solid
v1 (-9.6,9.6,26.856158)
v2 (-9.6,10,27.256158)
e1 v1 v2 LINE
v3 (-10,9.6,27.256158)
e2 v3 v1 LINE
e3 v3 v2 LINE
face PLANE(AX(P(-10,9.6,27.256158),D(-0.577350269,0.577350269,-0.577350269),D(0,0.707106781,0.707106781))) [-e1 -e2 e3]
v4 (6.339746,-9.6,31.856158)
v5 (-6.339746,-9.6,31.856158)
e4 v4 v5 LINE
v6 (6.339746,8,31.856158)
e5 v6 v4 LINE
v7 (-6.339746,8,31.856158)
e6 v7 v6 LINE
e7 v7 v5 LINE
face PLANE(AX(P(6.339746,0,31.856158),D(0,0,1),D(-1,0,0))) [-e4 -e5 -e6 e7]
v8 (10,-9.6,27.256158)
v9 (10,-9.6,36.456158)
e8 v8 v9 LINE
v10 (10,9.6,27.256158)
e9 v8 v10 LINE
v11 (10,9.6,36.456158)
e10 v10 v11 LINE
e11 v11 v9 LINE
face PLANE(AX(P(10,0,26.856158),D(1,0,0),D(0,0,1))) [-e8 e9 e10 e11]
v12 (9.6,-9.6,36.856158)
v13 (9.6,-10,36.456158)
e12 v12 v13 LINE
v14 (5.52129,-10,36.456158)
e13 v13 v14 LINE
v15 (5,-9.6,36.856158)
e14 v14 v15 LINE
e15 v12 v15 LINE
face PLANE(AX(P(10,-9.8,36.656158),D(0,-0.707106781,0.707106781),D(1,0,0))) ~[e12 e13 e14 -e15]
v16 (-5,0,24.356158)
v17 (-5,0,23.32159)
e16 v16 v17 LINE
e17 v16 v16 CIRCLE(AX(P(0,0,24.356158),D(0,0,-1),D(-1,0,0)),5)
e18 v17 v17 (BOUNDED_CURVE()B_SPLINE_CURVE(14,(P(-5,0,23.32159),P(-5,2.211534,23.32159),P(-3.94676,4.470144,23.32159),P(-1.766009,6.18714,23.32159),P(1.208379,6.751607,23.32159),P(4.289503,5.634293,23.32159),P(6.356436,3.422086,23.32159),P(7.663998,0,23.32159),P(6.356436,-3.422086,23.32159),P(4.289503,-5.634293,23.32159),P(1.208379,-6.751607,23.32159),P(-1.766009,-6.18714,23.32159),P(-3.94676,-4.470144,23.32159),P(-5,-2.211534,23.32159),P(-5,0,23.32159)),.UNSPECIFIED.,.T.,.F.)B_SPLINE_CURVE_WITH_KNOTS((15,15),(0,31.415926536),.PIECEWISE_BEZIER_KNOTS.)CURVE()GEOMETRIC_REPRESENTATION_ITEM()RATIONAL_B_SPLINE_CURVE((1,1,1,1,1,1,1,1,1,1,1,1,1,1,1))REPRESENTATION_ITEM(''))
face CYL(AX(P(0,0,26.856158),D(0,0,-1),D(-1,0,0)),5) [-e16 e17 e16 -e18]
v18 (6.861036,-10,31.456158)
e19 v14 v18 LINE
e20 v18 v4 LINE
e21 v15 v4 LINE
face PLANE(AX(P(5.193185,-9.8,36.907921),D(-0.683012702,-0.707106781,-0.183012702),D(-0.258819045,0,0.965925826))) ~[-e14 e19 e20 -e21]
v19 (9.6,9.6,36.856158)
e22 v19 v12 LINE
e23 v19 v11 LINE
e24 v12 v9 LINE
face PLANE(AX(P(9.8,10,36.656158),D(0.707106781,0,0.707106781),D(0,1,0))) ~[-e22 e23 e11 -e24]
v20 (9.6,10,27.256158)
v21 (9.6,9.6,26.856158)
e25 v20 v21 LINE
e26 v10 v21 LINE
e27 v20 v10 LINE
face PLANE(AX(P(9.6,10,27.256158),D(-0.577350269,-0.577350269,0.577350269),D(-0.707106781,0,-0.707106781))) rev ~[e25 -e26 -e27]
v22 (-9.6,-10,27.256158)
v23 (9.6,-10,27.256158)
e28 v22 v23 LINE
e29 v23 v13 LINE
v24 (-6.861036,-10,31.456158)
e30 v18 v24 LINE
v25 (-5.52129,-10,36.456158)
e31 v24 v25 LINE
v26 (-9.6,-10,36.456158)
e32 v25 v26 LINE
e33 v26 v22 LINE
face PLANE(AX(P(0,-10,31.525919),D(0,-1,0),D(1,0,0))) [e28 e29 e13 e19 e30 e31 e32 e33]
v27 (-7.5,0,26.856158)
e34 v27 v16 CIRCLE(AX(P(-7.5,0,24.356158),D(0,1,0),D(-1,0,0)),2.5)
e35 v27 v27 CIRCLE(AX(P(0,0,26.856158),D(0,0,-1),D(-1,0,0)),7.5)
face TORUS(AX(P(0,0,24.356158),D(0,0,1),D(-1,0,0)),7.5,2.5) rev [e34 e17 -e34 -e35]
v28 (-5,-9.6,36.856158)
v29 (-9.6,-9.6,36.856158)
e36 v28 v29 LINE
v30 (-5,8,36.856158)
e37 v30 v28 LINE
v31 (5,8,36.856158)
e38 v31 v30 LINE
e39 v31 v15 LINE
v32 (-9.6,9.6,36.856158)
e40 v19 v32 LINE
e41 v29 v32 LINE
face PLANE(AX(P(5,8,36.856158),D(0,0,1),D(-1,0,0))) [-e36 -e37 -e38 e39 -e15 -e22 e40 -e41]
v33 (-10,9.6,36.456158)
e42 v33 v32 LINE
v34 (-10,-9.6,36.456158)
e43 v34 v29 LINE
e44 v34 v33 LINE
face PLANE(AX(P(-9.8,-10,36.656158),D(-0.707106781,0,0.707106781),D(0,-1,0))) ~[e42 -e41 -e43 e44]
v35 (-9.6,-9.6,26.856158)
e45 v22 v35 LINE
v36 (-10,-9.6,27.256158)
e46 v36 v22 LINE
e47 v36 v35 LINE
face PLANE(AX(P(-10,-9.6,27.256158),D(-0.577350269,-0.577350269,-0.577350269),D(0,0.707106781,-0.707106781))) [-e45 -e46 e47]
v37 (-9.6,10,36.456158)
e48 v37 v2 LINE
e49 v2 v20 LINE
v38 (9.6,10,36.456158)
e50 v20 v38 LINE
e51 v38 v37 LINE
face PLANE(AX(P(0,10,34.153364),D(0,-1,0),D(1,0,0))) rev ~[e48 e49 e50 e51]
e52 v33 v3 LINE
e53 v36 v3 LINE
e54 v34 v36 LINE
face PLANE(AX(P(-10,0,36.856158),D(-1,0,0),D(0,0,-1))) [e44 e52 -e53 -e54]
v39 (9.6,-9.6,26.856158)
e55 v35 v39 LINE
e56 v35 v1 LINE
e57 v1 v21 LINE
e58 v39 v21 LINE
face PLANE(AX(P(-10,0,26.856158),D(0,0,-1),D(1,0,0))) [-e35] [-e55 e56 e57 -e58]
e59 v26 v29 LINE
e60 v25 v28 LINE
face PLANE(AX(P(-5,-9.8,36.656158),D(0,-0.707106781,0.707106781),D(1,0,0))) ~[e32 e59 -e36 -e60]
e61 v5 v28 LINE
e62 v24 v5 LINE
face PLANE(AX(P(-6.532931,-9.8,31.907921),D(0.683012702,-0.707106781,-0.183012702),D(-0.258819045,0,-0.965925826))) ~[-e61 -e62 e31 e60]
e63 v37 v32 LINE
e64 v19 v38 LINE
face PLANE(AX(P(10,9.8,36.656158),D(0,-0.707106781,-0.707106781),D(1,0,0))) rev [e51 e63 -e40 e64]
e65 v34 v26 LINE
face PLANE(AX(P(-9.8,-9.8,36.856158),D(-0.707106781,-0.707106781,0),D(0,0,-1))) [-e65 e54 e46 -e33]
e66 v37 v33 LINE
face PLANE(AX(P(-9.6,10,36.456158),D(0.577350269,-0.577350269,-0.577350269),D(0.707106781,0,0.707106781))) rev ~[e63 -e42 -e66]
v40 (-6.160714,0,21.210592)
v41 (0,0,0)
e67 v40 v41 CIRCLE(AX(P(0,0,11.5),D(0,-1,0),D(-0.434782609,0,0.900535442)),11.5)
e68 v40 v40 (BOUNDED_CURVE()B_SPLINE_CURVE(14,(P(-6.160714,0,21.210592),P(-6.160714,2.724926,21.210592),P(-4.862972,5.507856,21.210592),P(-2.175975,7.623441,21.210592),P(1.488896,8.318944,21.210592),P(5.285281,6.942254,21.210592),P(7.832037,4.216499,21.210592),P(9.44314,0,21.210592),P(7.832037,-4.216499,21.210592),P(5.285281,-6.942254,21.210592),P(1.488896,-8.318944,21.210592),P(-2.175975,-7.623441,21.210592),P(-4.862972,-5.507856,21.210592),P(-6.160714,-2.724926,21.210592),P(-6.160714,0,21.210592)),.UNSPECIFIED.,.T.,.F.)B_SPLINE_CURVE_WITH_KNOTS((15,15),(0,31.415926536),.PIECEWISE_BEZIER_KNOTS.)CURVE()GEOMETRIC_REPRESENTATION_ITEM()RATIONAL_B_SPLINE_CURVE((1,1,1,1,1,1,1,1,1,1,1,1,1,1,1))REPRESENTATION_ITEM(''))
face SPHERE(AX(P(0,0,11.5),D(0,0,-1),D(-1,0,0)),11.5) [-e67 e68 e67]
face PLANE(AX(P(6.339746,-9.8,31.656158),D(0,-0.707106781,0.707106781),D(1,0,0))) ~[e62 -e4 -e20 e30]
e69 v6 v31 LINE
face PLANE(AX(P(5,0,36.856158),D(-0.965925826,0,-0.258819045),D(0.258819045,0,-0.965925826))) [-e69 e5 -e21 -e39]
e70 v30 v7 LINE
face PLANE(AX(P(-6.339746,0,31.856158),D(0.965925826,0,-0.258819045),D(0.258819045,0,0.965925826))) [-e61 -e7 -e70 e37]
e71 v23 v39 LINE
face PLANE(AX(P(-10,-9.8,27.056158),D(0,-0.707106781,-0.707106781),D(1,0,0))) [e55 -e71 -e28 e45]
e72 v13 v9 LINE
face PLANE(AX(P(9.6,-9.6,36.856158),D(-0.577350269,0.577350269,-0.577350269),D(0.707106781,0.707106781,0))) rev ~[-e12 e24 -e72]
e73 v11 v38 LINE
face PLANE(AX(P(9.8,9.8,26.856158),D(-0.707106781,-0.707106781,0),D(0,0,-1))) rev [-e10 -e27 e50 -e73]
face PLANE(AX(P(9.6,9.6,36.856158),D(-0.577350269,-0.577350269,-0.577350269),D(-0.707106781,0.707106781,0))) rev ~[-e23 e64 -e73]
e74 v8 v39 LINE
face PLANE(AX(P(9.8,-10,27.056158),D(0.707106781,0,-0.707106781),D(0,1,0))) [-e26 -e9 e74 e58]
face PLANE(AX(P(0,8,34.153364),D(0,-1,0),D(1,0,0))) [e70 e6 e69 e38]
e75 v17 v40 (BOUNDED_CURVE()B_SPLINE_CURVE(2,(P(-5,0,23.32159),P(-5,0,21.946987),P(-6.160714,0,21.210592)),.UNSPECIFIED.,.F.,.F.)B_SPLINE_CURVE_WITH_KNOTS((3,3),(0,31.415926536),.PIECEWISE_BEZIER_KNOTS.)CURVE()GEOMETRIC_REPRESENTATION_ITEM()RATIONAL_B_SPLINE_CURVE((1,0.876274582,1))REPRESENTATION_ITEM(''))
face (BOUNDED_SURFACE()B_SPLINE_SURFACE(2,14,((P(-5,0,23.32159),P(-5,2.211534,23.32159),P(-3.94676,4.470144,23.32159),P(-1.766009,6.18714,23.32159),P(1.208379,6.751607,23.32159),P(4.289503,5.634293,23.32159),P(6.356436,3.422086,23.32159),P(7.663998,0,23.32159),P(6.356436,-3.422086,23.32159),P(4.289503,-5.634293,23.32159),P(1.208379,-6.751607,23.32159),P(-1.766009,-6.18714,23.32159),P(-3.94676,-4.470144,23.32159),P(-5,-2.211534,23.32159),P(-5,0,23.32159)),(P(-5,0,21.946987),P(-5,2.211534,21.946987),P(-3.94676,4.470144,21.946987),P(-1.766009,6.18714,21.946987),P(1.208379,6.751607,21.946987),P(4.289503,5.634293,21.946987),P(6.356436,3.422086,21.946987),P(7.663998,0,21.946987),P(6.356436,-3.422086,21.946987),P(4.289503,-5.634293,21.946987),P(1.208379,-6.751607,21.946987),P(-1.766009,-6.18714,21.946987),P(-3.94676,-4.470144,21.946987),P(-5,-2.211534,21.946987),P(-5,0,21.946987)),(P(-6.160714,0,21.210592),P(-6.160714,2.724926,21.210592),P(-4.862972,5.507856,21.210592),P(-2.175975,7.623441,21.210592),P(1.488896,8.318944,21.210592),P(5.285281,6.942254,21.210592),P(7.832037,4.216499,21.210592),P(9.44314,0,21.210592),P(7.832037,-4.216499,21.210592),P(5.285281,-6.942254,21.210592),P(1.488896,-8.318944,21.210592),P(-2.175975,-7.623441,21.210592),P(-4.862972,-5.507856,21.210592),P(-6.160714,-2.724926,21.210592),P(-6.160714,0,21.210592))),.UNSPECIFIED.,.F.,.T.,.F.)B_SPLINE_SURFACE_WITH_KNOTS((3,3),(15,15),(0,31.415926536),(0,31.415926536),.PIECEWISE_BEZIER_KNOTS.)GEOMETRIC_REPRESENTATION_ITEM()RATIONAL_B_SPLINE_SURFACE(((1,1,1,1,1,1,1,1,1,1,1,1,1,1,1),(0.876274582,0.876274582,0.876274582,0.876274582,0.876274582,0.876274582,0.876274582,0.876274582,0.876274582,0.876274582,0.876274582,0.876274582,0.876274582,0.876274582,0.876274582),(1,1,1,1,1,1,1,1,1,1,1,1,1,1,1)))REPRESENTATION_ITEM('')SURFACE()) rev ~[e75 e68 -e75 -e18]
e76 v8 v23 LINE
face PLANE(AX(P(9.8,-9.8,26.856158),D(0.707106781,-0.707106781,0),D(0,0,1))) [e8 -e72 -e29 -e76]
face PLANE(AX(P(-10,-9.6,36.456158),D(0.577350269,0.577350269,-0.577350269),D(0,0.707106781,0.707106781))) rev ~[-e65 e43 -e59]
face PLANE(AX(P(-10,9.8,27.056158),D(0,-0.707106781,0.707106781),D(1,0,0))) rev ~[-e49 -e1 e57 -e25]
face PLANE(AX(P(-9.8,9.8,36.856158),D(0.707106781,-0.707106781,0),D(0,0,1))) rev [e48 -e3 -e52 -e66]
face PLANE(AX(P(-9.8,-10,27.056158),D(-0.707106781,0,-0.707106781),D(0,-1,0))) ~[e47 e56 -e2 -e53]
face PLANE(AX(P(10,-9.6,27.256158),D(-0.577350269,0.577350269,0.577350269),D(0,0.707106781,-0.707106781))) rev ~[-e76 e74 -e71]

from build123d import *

# Parameters (mm, degrees)
F6_DEPTH = 10
F7_START = -8
F7_DEPTH = 2
F9_R     = 2.5
F8_SIZE  = 0.4


with BuildPart() as f4:
    # F3 (on Front) → F4 (revolve)
    with BuildSketch(Plane.XZ):
        with BuildLine():
            ThreePointArc((-5, 21.8561575886), (-2.5645845405, 22.7103927734), (0, 23))
            Line((0, 23), (0, 26.8561575886))
            Line((0, 26.8561575886), (-5, 26.8561575886))
            Line((-5, 26.8561575886), (-5, 21.8561575886))
        make_face()
        with BuildLine():
            ThreePointArc((-5, 21.8561575886), (-11.2103927734, 8.9354154595), (0, 0))
            Line((0, 0), (0, 23))
            ThreePointArc((0, 23), (-2.5645845405, 22.7103927734), (-5, 21.8561575886))
        make_face()
    revolve(axis=Axis((0, 0, 13.4280787943), (0, 0, -1)))

    # F3 (on Front) → F5 (revolve)
    with BuildSketch(Plane.XZ):
        with BuildLine():
            ThreePointArc((-5, 21.8561575886), (-2.5645845405, 22.7103927734), (0, 23))
            Line((0, 23), (0, 26.8561575886))
            Line((0, 26.8561575886), (-5, 26.8561575886))
            Line((-5, 26.8561575886), (-5, 21.8561575886))
        make_face()
    revolve(axis=Axis((0, 0, 13.4280787943), (0, 0, -1)))

    # F3 (on Front) → F6 (join, symmetric)
    with BuildSketch(Plane.XZ):
        Polygon((0, 26.8561575886), (5, 26.8561575886), (10, 26.8561575886), (10, 36.8561575886), (5, 36.8561575886), (6.3397459622, 31.8561575886), (-6.3397459622, 31.8561575886), (-5, 36.8561575886), (-10, 36.8561575886), (-10, 26.8561575886), (-5, 26.8561575886), align=None)
    extrude(amount=F6_DEPTH, both=True)

    # F3 (on Front) → F7 (join)
    with BuildSketch(Plane.XZ.offset(F7_START)):
        Polygon((6.3397459622, 31.8561575886), (5, 36.8561575886), (-5, 36.8561575886), (-6.3397459622, 31.8561575886), align=None)
    extrude(amount=-F7_DEPTH)

    # F9
    f9_edges = [f4.edges().sort_by_distance(p)[0] for p in [
        (-5, 0, 24.356158),
        (5, 0, 21.856158),
        (5, 0, 26.856158),
    ]]
    fillet(f9_edges, radius=F9_R)

    # F8
    f8_edges = [f4.edges().sort_by_distance(p)[0] for p in [
        (0, -10, 26.856158),
        (10, -10, 31.856158),
        (7.5, -10, 36.856158),
        (5.669873, -10, 34.356158),
        (0, -10, 31.856158),
        (-5.669873, -10, 34.356158),
        (-7.5, -10, 36.856158),
        (-10, -10, 31.856158),
        (10, 0, 26.856158),
        (10, 10, 31.856158),
        (10, 0, 36.856158),
        (7.5, 0, 26.856158),
        (0, 10, 26.856158),
        (-10, 0, 26.856158),
        (-10, 0, 36.856158),
        (-10, 10, 31.856158),
        (0, 10, 36.856158),
    ]]
    chamfer(f8_edges, length=F8_SIZE)


solid = f4.part
